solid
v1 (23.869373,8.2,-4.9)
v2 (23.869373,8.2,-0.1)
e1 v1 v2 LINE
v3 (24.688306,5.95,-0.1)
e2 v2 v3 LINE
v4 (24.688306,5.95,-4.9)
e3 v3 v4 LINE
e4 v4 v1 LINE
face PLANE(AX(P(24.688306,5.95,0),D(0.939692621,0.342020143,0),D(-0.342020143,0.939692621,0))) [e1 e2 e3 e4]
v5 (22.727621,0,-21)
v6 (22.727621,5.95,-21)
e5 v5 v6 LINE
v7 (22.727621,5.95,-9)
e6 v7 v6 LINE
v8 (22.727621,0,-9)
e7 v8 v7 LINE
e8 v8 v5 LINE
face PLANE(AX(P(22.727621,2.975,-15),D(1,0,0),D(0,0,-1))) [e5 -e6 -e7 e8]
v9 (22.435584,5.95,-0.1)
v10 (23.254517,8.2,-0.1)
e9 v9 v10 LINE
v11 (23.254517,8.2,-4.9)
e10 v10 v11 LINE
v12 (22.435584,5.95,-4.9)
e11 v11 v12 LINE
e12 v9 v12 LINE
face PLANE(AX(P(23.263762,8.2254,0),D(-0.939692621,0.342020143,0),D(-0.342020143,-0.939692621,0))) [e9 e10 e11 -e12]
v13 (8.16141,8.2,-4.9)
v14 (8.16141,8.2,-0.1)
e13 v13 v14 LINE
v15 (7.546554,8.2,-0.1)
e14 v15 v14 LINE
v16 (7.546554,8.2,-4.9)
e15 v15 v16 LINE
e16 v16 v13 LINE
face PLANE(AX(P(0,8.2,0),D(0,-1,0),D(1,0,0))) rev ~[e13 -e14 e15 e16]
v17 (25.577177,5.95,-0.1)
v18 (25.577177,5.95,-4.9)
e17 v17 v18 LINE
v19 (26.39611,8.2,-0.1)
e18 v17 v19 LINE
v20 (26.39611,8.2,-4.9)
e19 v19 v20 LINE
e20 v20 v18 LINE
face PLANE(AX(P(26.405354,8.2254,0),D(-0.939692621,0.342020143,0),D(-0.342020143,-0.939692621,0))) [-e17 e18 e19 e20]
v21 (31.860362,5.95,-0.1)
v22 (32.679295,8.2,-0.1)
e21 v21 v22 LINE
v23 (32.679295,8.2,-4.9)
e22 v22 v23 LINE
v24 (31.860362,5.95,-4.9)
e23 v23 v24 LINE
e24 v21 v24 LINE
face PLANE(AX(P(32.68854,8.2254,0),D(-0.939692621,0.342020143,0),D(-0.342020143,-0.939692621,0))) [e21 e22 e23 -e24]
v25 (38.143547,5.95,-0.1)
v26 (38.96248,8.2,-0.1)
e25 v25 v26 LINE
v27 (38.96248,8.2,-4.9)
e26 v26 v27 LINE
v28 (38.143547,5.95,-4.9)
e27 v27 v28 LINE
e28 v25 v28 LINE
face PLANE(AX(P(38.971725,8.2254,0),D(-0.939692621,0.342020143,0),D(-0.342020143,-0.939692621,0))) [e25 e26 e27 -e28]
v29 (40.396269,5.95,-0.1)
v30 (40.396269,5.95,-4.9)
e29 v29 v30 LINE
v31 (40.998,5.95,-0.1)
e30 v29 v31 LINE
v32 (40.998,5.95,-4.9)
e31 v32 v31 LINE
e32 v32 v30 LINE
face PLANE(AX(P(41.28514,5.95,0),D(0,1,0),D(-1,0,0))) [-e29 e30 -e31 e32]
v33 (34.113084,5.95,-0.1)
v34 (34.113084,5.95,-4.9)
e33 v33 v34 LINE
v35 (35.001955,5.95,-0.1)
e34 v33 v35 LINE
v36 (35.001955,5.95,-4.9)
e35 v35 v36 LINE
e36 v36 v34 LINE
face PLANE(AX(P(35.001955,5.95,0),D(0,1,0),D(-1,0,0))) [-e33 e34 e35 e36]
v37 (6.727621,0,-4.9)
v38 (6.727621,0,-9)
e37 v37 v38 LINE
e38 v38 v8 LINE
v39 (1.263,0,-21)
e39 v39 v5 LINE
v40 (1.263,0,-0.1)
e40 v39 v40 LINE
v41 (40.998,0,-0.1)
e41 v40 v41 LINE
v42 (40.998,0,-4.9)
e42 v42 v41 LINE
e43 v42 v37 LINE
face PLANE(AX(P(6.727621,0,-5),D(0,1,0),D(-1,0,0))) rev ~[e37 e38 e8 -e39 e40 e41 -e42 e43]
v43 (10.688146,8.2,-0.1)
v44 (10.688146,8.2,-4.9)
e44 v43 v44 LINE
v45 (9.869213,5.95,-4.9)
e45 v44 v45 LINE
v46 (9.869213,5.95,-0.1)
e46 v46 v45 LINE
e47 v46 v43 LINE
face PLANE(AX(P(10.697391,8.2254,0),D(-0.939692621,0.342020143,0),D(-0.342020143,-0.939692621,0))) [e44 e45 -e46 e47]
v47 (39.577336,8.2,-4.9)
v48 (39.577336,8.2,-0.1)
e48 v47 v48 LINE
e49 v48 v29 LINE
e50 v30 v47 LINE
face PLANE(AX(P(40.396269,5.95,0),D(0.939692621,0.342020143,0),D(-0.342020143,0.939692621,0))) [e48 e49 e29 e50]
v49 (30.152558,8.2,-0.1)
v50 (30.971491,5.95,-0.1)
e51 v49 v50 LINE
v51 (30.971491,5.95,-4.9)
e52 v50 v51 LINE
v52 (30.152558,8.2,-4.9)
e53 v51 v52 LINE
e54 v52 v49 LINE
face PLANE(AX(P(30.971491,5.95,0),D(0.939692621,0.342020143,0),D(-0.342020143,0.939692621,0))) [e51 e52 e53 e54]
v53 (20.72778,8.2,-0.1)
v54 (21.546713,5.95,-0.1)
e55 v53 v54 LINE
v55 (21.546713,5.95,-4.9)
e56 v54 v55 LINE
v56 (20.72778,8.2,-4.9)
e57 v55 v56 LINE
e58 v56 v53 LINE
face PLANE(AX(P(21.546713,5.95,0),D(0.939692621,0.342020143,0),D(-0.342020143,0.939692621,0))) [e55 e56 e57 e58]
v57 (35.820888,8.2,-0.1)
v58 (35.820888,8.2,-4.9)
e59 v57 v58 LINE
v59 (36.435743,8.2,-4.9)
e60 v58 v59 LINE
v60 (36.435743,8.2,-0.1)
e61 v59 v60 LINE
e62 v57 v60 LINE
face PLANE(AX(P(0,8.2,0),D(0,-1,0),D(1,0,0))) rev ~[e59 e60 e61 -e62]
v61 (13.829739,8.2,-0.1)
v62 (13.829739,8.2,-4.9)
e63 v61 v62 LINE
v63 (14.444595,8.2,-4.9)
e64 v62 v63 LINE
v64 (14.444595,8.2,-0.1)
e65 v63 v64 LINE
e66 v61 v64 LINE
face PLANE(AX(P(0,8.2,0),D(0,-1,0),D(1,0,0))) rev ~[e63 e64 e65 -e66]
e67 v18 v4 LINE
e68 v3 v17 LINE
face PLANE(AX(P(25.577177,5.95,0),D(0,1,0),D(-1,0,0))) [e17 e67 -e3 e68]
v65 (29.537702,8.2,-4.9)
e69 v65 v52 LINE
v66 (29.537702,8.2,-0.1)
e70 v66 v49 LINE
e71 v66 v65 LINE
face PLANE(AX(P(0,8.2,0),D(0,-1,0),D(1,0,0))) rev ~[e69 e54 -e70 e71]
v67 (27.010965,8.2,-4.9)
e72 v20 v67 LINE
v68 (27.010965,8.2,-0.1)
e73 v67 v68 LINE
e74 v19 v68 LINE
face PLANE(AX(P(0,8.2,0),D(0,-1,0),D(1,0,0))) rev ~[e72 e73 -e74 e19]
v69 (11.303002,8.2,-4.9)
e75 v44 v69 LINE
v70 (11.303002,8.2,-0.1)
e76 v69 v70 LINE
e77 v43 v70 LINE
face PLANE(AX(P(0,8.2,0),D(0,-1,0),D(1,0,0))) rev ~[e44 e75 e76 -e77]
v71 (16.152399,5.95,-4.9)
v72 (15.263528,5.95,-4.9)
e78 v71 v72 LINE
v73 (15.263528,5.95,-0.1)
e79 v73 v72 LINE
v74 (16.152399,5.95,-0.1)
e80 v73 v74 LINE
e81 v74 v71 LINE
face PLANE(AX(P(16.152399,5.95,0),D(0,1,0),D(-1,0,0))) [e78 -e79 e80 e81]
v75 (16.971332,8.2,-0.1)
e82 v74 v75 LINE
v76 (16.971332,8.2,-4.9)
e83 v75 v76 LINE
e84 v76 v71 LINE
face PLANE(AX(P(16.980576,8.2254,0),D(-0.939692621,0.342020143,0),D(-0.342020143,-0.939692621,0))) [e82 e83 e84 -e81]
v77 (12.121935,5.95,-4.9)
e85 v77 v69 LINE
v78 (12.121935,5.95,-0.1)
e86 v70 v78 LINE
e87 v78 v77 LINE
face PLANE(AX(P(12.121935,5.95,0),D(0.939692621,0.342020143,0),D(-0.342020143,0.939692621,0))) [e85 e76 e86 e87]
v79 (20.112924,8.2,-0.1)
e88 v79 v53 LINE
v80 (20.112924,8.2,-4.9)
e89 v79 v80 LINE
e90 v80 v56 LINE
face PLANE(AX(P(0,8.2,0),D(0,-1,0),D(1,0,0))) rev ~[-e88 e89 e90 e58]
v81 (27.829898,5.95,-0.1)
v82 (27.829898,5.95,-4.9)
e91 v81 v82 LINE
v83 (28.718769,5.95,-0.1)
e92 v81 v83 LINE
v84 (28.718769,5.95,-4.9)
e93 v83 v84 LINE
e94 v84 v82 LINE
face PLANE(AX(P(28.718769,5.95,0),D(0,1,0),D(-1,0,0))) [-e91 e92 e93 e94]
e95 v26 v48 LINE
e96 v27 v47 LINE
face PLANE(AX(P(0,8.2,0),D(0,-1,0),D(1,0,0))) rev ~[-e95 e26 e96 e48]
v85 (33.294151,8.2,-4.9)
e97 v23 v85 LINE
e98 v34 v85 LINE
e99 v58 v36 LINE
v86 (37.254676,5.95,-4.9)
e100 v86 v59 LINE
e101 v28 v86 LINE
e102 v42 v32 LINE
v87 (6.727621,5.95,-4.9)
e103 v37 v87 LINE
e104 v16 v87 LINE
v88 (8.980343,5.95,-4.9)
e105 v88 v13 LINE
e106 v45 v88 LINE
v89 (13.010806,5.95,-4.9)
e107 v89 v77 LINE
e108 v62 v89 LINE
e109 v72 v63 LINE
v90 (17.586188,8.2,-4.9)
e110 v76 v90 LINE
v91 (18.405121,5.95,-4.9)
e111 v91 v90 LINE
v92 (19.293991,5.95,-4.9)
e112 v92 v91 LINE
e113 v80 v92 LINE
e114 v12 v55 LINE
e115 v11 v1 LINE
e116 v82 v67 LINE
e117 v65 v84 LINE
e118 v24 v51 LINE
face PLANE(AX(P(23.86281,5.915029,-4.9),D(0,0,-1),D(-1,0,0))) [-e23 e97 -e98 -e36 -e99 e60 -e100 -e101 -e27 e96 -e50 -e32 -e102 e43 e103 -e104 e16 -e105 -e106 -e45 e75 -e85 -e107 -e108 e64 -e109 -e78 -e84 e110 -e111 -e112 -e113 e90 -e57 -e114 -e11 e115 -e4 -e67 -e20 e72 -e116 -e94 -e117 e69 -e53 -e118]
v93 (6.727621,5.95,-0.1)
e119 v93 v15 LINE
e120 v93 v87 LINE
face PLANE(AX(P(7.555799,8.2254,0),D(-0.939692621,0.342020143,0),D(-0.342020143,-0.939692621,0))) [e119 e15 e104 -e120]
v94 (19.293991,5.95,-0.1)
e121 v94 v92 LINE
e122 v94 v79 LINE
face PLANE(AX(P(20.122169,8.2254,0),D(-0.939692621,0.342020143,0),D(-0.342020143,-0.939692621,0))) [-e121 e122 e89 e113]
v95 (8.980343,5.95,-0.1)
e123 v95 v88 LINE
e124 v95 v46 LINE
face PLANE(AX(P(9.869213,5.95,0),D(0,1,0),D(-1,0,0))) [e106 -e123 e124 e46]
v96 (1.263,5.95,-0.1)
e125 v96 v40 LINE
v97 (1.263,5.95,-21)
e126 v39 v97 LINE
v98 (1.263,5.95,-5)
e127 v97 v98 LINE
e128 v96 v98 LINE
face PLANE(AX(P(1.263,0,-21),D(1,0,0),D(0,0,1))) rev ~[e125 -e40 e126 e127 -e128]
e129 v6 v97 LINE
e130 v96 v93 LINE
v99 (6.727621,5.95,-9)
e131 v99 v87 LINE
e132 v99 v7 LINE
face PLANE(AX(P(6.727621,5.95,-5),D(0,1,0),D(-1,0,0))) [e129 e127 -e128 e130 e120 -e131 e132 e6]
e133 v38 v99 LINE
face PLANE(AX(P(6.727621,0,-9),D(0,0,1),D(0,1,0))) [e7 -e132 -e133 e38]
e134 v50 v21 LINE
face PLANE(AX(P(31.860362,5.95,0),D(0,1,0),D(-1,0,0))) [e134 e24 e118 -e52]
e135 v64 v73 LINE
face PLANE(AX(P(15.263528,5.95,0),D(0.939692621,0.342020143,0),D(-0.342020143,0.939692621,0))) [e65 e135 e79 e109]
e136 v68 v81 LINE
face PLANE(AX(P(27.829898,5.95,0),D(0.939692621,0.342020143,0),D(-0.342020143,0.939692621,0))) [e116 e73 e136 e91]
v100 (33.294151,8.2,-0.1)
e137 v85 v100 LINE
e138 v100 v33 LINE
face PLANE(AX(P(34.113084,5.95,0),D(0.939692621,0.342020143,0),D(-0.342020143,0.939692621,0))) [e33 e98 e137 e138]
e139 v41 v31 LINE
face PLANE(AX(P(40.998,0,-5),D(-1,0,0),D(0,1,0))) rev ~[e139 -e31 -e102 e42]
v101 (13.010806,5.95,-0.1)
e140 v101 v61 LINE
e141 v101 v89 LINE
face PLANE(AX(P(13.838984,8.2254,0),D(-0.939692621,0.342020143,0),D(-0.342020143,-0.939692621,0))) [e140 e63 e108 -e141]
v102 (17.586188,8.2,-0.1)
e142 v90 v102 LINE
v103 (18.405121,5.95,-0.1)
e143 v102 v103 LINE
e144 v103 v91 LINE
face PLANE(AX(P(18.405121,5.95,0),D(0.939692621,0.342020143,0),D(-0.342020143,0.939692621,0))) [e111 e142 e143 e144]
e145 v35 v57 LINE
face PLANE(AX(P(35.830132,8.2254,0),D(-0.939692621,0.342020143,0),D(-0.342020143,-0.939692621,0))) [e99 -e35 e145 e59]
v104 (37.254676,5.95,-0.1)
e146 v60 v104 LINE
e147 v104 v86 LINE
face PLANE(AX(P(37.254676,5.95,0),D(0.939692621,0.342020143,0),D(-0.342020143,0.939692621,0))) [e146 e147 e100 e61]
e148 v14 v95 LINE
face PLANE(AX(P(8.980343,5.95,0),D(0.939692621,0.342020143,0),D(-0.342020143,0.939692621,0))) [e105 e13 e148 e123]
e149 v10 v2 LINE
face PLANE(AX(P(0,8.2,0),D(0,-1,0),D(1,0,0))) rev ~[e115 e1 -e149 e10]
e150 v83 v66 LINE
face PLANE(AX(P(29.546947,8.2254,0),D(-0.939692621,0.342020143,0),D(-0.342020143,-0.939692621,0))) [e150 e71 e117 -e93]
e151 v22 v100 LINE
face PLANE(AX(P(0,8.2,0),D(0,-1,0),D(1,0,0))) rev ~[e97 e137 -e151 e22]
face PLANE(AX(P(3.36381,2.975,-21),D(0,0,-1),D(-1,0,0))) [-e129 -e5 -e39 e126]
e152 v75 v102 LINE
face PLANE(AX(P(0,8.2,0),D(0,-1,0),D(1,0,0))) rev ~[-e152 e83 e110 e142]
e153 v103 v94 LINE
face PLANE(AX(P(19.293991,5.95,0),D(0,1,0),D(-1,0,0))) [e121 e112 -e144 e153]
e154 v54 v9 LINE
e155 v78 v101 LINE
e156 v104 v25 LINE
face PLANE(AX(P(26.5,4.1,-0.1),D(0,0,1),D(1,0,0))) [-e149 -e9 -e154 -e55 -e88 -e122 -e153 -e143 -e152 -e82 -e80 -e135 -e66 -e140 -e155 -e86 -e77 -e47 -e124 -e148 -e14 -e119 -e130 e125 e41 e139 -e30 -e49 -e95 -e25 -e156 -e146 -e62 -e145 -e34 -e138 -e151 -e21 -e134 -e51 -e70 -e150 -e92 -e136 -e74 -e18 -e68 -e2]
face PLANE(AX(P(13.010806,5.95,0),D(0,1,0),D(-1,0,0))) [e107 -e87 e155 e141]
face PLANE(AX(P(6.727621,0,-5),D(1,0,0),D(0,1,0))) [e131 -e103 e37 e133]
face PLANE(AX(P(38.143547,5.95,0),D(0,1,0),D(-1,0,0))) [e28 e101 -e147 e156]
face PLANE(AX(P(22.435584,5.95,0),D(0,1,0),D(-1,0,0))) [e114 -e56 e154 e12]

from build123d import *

# Parameters (mm, degrees)
BLANKSKE_W          = 53
BLANKSKE_H          = 8.2
BLANK_DEPTH         = 5
TOOTHCUTSIM_DEPTH   = 54.863159952
TEETHCUTS_COUNT     = 18
TEETHCUTS_PITCH     = 3.14159265
SKETCH2_W           = 6.72762067
SKETCH2_H           = 5.95
BOSS_EXTRUDE1_DEPTH = 20
SKETCH3_W           = 12
SKETCH3_H           = 5.95
BOSS_EXTRUDE2_DEPTH = 16
SKETCH4_W           = 6.72762067
SKETCH4_H           = 5.95
CUT_EXTRUDE1_DEPTH  = 4
SKETCH7_W           = 12.002
SKETCH7_H           = 8.2
CUT_EXTRUDE3_DEPTH  = 9.55
SKETCH9_W           = 1.263
SKETCH9_H           = 21
CUT_EXTRUDE4_DEPTH  = 9.55
SKETCH10_W          = 4.57574993
SKETCH10_H          = 2.726704985
CUT_EXTRUDE6_DEPTH  = 9.55
BLANKSKE_2_W        = 53
BLANKSKE_2_H        = 8.2
CUT_EXTRUDE7_DEPTH  = 0.1
SKETCH11_W          = 34.27037933
SKETCH11_H          = 11.830057098
CUT_EXTRUDE8_DEPTH  = 0.1


with BuildPart() as part:
    # BlankSke → Blank (new body)
    with BuildSketch(Plane.XY):
        with Locations((26.5, 4.1)):
            Rectangle(BLANKSKE_W, BLANKSKE_H)
    extrude(amount=-BLANK_DEPTH)

    # TooCutSkeSim → ToothCutSim (cut, through all)
    with BuildSketch(Plane.XY):
        Polygon((0.44443537, 5.95), (-0.44443537, 5.95), (-1.272613241, 8.2254), (1.272613241, 8.2254), align=None)
    toothcutsim = extrude(amount=-TOOTHCUTSIM_DEPTH, mode=Mode.SUBTRACT)

    # TeethCuts: ToothCutSim ×18
    with Locations(*[(i * TEETHCUTS_PITCH, 0, 0) for i in range(1, TEETHCUTS_COUNT)]):
        add(toothcutsim, mode=Mode.SUBTRACT)

    # Sketch2 → Boss-Extrude1 (add)
    with BuildSketch(Plane(origin=(0, 0, -5), x_dir=(-1, 0, 0), z_dir=(0, 0, -1))):
        with Locations((-3.363810335, 2.975)):
            Rectangle(SKETCH2_W, SKETCH2_H)
    extrude(amount=BOSS_EXTRUDE1_DEPTH)

    # Sketch3 → Boss-Extrude2 (add)
    with BuildSketch(Plane(origin=(6.72762067, 0, 0), x_dir=(0, 0, -1), z_dir=(1, 0, 0))):
        with Locations((15, 2.975)):
            Rectangle(SKETCH3_W, SKETCH3_H)
    extrude(amount=BOSS_EXTRUDE2_DEPTH)

    # Sketch4 → Cut-Extrude1 (cut)
    with BuildSketch(Plane(origin=(0, 0, -25), x_dir=(-1, 0, 0), z_dir=(0, 0, -1))):
        with Locations((-3.363810335, 2.975)):
            Rectangle(SKETCH4_W, SKETCH4_H)
    extrude(amount=-CUT_EXTRUDE1_DEPTH, mode=Mode.SUBTRACT)

    # Sketch7 → Cut-Extrude3 (cut)
    with BuildSketch(Plane(origin=(0, 0, -5), x_dir=(-1, 0, 0), z_dir=(0, 0, -1))):
        with Locations((-46.999, 4.1)):
            Rectangle(SKETCH7_W, SKETCH7_H)
    extrude(amount=-CUT_EXTRUDE3_DEPTH, mode=Mode.SUBTRACT)

    # Sketch9 → Cut-Extrude4 (cut)
    with BuildSketch(Plane.XZ):
        with Locations((0.6315, -10.5)):
            Rectangle(SKETCH9_W, SKETCH9_H)
    extrude(amount=-CUT_EXTRUDE4_DEPTH, mode=Mode.SUBTRACT)

    # Sketch10 → Cut-Extrude6 (cut)
    with BuildSketch(Plane.XY):
        with Locations((3.550874965, 7.313352492)):
            Rectangle(SKETCH10_W, SKETCH10_H)
    extrude(amount=-CUT_EXTRUDE6_DEPTH, mode=Mode.SUBTRACT)

    # BlankSke<2> → Cut-Extrude7 (cut)
    with BuildSketch(Plane.XY):
        with Locations((26.5, 4.1)):
            Rectangle(BLANKSKE_2_W, BLANKSKE_2_H)
    extrude(amount=-CUT_EXTRUDE7_DEPTH, mode=Mode.SUBTRACT)

    # Sketch11 → Cut-Extrude8 (cut)
    with BuildSketch(Plane(origin=(0, 0, -5), x_dir=(-1, 0, 0), z_dir=(0, 0, -1))):
        with Locations((-23.862810335, 5.915028549)):
            Rectangle(SKETCH11_W, SKETCH11_H)
    extrude(amount=-CUT_EXTRUDE8_DEPTH, mode=Mode.SUBTRACT)


solid = part.part
